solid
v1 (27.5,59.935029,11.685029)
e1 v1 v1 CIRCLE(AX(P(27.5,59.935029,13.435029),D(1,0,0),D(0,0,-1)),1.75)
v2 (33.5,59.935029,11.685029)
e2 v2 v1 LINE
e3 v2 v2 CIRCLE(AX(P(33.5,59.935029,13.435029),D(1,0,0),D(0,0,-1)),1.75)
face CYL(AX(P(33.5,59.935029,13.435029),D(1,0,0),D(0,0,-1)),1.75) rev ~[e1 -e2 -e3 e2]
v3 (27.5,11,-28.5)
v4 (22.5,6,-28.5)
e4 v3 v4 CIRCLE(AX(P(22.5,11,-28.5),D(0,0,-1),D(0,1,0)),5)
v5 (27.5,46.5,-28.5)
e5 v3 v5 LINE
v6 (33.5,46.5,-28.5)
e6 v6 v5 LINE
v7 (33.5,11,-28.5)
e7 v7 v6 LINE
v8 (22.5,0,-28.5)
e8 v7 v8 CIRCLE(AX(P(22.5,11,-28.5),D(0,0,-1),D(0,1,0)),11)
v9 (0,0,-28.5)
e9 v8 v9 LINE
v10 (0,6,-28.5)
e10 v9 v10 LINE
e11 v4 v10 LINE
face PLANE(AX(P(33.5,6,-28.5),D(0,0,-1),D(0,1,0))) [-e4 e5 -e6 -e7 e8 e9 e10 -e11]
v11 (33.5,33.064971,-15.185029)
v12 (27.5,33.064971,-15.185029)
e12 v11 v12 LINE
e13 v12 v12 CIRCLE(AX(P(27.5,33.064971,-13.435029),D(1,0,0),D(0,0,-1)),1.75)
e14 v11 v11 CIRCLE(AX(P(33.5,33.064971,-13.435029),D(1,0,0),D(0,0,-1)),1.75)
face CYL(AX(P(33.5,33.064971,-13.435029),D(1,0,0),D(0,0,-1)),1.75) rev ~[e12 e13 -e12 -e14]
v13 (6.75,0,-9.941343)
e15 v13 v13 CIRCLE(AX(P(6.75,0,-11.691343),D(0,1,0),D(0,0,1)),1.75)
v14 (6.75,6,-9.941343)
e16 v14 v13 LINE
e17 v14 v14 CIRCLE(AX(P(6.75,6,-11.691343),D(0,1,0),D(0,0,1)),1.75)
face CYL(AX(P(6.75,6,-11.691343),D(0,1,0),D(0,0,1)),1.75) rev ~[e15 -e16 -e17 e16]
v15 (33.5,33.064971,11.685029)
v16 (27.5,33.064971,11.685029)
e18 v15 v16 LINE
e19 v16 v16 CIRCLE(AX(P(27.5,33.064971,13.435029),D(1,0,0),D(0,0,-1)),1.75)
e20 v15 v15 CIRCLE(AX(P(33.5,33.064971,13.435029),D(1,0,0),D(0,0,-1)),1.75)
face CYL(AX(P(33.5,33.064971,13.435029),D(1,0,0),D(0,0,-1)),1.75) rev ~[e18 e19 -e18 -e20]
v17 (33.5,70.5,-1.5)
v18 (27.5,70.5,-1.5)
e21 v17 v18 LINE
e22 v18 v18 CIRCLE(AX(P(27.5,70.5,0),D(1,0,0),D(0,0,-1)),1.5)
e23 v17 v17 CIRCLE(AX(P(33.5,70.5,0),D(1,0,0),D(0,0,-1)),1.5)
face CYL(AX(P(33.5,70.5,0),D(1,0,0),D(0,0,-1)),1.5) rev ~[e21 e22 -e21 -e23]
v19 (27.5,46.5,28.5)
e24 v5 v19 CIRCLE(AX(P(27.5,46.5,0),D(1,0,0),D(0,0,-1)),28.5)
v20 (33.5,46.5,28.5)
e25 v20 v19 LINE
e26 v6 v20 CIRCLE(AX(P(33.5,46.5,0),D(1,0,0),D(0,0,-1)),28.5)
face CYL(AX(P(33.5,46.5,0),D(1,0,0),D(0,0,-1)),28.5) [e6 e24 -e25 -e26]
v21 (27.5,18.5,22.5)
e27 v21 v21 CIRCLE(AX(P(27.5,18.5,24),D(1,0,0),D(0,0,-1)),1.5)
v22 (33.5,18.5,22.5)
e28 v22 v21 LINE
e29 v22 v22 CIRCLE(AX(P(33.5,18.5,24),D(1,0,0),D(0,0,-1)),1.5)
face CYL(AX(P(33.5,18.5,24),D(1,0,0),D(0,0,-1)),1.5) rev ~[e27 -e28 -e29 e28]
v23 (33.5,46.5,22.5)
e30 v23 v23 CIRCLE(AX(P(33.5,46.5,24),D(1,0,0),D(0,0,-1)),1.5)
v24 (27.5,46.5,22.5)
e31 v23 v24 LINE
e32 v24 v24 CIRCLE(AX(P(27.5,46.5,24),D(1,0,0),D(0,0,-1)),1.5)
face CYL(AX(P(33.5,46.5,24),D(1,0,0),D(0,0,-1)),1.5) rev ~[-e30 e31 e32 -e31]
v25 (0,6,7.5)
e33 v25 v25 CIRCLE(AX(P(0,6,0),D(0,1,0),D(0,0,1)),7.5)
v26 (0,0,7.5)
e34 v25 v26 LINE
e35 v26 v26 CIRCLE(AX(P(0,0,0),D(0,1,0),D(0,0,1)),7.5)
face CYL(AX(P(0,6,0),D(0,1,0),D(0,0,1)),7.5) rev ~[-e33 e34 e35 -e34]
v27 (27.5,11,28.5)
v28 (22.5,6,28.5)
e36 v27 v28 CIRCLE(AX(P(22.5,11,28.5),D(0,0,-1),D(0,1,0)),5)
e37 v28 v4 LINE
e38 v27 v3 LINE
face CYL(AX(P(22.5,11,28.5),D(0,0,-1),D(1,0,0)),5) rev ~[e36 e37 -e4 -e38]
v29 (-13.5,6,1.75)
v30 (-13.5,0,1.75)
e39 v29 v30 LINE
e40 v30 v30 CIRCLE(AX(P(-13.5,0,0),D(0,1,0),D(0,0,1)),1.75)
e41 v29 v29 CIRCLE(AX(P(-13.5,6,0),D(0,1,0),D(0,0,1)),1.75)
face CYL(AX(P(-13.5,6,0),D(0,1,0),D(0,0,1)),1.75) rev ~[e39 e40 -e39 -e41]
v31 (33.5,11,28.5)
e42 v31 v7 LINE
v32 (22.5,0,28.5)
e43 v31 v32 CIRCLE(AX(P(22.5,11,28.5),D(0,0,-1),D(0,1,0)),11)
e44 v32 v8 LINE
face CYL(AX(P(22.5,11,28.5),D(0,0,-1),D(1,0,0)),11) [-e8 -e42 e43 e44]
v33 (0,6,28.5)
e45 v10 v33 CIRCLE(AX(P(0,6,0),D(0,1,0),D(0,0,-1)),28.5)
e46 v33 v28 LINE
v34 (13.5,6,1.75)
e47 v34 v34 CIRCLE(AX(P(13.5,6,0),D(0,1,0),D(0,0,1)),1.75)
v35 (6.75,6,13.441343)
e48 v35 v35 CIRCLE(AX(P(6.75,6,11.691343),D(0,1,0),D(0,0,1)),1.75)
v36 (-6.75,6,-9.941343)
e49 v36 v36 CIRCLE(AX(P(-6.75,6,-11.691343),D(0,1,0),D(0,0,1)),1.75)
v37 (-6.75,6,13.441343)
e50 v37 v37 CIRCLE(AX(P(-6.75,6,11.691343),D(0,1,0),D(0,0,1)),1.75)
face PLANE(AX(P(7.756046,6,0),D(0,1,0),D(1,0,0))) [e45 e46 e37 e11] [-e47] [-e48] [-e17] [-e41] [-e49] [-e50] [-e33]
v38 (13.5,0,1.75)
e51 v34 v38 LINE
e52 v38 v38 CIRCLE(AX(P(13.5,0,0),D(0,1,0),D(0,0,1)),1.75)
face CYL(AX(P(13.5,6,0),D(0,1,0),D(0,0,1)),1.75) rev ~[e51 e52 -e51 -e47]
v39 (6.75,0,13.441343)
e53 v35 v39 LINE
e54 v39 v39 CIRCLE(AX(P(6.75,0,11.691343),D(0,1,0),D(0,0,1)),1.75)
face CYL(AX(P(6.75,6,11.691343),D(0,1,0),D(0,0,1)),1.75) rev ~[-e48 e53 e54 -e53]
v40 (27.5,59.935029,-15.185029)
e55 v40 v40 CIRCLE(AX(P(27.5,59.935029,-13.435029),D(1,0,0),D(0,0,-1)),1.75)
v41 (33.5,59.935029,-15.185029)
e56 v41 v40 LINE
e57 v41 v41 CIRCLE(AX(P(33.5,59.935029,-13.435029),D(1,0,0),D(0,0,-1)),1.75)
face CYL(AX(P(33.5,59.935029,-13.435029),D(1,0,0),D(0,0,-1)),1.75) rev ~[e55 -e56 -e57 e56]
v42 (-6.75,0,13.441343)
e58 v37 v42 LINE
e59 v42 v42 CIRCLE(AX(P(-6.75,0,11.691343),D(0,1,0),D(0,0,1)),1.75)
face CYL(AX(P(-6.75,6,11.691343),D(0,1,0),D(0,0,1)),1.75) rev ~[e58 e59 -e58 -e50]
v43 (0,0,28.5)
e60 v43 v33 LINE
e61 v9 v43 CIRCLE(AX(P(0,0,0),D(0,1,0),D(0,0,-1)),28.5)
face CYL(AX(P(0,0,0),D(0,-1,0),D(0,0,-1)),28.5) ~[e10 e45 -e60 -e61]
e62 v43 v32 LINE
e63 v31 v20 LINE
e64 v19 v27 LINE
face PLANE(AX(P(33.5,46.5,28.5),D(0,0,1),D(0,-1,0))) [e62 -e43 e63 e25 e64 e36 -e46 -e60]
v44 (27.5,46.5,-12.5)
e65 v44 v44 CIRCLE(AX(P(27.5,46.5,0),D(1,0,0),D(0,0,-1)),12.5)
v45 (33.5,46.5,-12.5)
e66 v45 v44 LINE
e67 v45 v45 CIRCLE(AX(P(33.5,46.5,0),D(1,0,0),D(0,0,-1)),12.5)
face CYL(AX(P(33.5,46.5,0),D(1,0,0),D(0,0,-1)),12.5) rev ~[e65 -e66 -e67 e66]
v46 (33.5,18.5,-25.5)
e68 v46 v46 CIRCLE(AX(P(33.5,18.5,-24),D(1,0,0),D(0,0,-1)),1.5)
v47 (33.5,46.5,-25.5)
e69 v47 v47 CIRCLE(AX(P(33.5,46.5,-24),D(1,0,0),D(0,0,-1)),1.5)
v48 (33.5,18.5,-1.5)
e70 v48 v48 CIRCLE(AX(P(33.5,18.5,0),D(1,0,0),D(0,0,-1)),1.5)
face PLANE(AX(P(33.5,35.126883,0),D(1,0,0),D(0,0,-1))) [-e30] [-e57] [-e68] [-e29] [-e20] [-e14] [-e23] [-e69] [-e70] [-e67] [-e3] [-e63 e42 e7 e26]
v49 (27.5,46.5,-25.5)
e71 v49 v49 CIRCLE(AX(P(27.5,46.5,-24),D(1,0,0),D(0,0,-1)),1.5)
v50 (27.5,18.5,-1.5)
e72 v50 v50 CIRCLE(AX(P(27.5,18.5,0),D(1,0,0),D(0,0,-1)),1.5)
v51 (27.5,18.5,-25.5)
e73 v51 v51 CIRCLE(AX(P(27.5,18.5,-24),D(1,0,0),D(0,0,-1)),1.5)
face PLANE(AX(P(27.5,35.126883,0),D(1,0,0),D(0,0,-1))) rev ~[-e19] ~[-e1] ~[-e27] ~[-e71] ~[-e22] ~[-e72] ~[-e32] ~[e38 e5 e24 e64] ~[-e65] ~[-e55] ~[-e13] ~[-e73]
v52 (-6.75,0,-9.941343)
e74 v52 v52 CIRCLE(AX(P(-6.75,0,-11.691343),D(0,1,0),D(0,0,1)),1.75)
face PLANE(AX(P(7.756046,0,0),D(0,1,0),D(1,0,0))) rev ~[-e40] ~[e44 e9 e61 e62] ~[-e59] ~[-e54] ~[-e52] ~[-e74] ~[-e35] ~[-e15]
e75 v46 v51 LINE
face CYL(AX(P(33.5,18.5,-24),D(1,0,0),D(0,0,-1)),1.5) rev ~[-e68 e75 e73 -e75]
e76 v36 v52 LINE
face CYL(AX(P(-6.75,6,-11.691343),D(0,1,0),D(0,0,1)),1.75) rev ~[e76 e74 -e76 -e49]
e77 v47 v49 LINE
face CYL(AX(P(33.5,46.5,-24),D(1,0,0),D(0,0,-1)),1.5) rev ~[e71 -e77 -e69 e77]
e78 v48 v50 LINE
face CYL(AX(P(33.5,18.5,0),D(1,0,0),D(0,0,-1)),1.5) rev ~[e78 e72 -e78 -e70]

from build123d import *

# Parameters (mm, degrees)
EXTRUDE_1_DEPTH     = 6
EXTRUDE_2_DEPTH     = 6
SKETCH_4_R          = 1.75
CUT_EXTRUDE_1_DEPTH = 16
SKETCH_6_R          = 1.75
CUT_EXTRUDE_2_DEPTH = 16
FILLET_1_R          = 5
FILLET_2_R          = 11
SKETCH_7_R          = 1.5
SKETCH_7_R_2        = 12.5
CUT_EXTRUDE_3_DEPTH = 10
SKETCH_8_R          = 7.5
CUT_EXTRUDE_4_DEPTH = 10


with BuildPart() as part:
    # 草图1 → 凸台-拉伸1 (new body)
    with BuildSketch(Plane(origin=(0, 0, 0), x_dir=(1, 0, 0), z_dir=(0, 1, 0))):
        with BuildLine():
            ThreePointArc((0, 28.5), (-28.5, 0), (0, -28.5))
            Line((0, -28.5), (33.5, -28.5))
            Line((33.5, -28.5), (33.5, 28.5))
            Line((33.5, 28.5), (0, 28.5))
        make_face()
    extrude(amount=EXTRUDE_1_DEPTH)

    # 草图3 → 凸台-拉伸2 (add)
    with BuildSketch(Plane(origin=(33.5, 0, 0), x_dir=(0, 0, -1), z_dir=(1, 0, 0))):
        with BuildLine():
            Line((-28.5, 46.5), (-28.5, 6))
            Line((-28.5, 6), (28.5, 6))
            Line((28.5, 6), (28.5, 46.5))
            ThreePointArc((28.5, 46.5), (0, 75), (-28.5, 46.5))
        make_face()
    extrude(amount=-EXTRUDE_2_DEPTH)

    # 草图4 → 切除-拉伸1 (cut)
    with BuildSketch(Plane(origin=(0, 6, 0), x_dir=(1, 0, 0), z_dir=(0, 1, 0))):
        with Locations(Location((-13.5, 0, 0), (0, 0, 270))):
            Circle(SKETCH_4_R)
        with Locations(Location((-6.75, 11.691342951, 0), (0, 0, 270))):
            Circle(SKETCH_4_R)
        with Locations(Location((6.75, 11.691342951, 0), (0, 0, 270))):
            Circle(SKETCH_4_R)
        with Locations(Location((13.5, 0, 0), (0, 0, 270))):
            Circle(SKETCH_4_R)
        with Locations(Location((6.75, -11.691342951, 0), (0, 0, 270))):
            Circle(SKETCH_4_R)
        with Locations(Location((-6.75, -11.691342951, 0), (0, 0, 270))):
            Circle(SKETCH_4_R)
    extrude(amount=-CUT_EXTRUDE_1_DEPTH, mode=Mode.SUBTRACT)

    # 草图6 → 切除-拉伸2 (cut)
    with BuildSketch(Plane(origin=(33.5, 0, 0), x_dir=(0, 0, -1), z_dir=(1, 0, 0))):
        with Locations((-13.435028843, 59.935028843)):
            Circle(SKETCH_6_R)
        with Locations((13.435028843, 59.935028843)):
            Circle(SKETCH_6_R)
        with Locations((13.435028843, 33.064971157)):
            Circle(SKETCH_6_R)
        with Locations((-13.435028843, 33.064971157)):
            Circle(SKETCH_6_R)
    extrude(amount=-CUT_EXTRUDE_2_DEPTH, mode=Mode.SUBTRACT)

    # 圆角1
    fillet_1_edges = [part.edges().sort_by_distance(p)[0] for p in [
        (27.5, 6, 0),
    ]]
    fillet(fillet_1_edges, radius=FILLET_1_R)

    # 圆角2
    fillet_2_edges = [part.edges().sort_by_distance(p)[0] for p in [
        (33.5, 0, 0),
    ]]
    fillet(fillet_2_edges, radius=FILLET_2_R)

    # 草图7 → 切除-拉伸3 (cut)
    with BuildSketch(Plane(origin=(33.5, 0, 0), x_dir=(0, 0, -1), z_dir=(1, 0, 0))):
        with Locations((0, 70.5)):
            Circle(SKETCH_7_R)
        with Locations((-24, 46.5)):
            Circle(SKETCH_7_R)
        with Locations((24, 46.5)):
            Circle(SKETCH_7_R)
        with Locations((-24, 18.5)):
            Circle(SKETCH_7_R)
        with Locations((24, 18.5)):
            Circle(SKETCH_7_R)
        with Locations((0, 18.5)):
            Circle(SKETCH_7_R)
        with Locations((0, 46.5)):
            Circle(SKETCH_7_R_2)
    extrude(amount=-CUT_EXTRUDE_3_DEPTH, mode=Mode.SUBTRACT)

    # 草图8 → 切除-拉伸4 (cut)
    with BuildSketch(Plane(origin=(0, 6, 0), x_dir=(1, 0, 0), z_dir=(0, 1, 0))):
        with Locations(Location((0, 0, 0), (0, 0, 270))):
            Circle(SKETCH_8_R)
    extrude(amount=-CUT_EXTRUDE_4_DEPTH, mode=Mode.SUBTRACT)


solid = part.part
